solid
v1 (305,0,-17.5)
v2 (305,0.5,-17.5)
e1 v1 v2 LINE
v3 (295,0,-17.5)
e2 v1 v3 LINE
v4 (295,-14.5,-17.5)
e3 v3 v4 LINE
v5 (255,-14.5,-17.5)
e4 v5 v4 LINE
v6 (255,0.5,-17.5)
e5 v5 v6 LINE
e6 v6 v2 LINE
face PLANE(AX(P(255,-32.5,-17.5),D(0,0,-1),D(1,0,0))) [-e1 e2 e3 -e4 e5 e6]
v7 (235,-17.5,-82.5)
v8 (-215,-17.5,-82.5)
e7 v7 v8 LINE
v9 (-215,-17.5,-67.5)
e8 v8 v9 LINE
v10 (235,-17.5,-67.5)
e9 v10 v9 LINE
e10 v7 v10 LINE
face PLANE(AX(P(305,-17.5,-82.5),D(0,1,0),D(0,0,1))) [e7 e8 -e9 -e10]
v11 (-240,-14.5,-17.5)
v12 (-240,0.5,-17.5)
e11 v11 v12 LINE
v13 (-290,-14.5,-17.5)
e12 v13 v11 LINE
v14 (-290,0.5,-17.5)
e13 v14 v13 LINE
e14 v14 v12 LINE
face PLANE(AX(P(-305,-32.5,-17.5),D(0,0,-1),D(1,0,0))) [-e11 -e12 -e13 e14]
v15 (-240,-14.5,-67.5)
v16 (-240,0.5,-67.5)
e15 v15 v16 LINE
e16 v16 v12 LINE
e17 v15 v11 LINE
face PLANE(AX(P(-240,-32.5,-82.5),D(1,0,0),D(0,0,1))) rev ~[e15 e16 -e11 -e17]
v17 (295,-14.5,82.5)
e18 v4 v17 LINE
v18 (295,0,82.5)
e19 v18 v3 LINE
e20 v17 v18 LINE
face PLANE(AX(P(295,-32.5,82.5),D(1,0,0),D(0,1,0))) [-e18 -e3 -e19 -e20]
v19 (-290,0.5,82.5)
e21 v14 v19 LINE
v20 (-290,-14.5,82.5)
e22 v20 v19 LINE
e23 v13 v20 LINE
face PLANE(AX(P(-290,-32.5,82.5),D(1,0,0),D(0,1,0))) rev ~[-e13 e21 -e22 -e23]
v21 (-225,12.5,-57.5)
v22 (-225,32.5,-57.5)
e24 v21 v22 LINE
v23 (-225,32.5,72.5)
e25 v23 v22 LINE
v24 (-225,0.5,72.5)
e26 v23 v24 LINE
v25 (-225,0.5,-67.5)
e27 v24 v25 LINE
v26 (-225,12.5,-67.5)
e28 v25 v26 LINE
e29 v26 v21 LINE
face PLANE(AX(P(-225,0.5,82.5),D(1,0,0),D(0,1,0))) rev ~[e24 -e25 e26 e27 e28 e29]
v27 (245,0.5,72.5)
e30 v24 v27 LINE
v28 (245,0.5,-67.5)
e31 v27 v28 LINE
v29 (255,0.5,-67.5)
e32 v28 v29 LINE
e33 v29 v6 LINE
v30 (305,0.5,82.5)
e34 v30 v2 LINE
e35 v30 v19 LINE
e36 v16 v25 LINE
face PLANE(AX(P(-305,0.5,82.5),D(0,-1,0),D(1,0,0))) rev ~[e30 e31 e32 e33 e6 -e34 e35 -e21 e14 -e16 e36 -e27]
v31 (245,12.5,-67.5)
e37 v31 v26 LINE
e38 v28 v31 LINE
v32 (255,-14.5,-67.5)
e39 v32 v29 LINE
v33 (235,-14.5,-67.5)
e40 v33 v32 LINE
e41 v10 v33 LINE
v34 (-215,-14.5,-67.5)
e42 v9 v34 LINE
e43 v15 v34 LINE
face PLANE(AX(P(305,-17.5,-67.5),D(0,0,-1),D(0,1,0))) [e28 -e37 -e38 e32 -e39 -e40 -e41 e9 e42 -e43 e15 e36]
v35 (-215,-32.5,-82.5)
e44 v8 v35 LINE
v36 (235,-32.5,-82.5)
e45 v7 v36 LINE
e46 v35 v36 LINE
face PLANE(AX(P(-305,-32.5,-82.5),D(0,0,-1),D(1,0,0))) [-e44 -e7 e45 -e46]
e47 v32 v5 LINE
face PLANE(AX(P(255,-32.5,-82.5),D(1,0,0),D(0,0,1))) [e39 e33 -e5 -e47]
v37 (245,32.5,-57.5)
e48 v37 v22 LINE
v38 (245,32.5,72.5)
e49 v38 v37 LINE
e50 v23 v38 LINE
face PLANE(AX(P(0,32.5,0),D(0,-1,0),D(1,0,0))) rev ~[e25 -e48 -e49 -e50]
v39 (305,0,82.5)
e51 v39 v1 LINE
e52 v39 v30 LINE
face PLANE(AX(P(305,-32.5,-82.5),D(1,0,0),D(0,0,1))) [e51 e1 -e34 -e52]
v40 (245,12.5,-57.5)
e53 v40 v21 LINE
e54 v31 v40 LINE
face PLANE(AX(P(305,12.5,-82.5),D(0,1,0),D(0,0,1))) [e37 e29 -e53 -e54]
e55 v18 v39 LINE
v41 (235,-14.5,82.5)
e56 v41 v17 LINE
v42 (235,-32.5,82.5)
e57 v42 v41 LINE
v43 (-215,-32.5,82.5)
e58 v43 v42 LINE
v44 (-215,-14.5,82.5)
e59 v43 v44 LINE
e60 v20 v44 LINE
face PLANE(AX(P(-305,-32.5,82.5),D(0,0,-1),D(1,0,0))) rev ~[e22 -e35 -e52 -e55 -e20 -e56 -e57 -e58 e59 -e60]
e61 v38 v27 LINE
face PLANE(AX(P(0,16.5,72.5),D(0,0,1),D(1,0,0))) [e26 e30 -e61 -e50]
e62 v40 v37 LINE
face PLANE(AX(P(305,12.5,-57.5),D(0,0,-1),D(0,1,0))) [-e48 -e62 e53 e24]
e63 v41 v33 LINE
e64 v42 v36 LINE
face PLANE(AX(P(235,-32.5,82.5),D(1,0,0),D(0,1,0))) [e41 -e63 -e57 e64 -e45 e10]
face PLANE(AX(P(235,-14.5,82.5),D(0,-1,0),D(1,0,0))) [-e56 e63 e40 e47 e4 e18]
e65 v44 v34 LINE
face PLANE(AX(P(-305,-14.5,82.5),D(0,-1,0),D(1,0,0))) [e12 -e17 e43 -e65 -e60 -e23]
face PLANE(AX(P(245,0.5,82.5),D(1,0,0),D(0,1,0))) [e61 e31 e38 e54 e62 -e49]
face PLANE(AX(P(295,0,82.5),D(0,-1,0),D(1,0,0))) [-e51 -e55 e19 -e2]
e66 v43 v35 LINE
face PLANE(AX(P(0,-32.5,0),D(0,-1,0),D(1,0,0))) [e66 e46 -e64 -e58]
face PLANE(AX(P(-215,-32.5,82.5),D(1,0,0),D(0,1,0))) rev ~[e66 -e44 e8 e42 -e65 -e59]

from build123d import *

# Parameters (mm, degrees)
SKETCH053_W     = 610
SKETCH053_H     = 165
PAD005_DEPTH    = 65
SKETCH054_W     = 60
SKETCH054_H     = 32
SKETCH054_W_2   = 70
SKETCH054_H_2   = 18
POCKET047_DEPTH = 165.001
SKETCH055_W     = 80
SKETCH055_H     = 32
SKETCH055_W_2   = 90
SKETCH055_H_2   = 18
POCKET048_DEPTH = 165.001
SKETCH056_W     = 50
SKETCH056_H     = 65
POCKET049_DEPTH = 65.001
SKETCH057_W     = 65
SKETCH057_H     = 65
POCKET050_DEPTH = 65.001
SKETCH059_W     = 610
SKETCH059_H     = 32
POCKET052_DEPTH = 10
SKETCH060_W     = 20
SKETCH060_H     = 25
POCKET053_DEPTH = 610.001
SKETCH061_W     = 50
SKETCH061_H     = 15
POCKET054_DEPTH = 610.001
SKETCH062_W     = 15
SKETCH062_H     = 65
POCKET055_DEPTH = 165.001
SKETCH063_W     = 10
SKETCH063_H     = 32.5
POCKET056_DEPTH = 165.001


with BuildPart() as part:
    # Sketch053 (on DatumPlane) → Pad005 (new body)
    with BuildSketch(Plane.XZ.offset(32.5)):
        Rectangle(SKETCH053_W, SKETCH053_H)
    extrude(amount=-PAD005_DEPTH)

    # Sketch054 (on DatumPlane) → Pocket047 (cut, through all)
    with BuildSketch(Plane.XY.offset(82.5)):
        with Locations((275, 16.5)):
            Rectangle(SKETCH054_W, SKETCH054_H)
        with Locations((270, -23.5)):
            Rectangle(SKETCH054_W_2, SKETCH054_H_2)
    extrude(amount=-POCKET047_DEPTH, mode=Mode.SUBTRACT)

    # Sketch055 (on DatumPlane) → Pocket048 (cut, through all)
    with BuildSketch(Plane.XY.offset(82.5)):
        with Locations((-265, 16.5)):
            Rectangle(SKETCH055_W, SKETCH055_H)
        with Locations((-260, -23.5)):
            Rectangle(SKETCH055_W_2, SKETCH055_H_2)
    extrude(amount=-POCKET048_DEPTH, mode=Mode.SUBTRACT)

    # Sketch056 (on DatumPlane) → Pocket049 (cut, through all)
    with BuildSketch(Plane.XZ.offset(32.5)):
        with Locations((280, -50)):
            Rectangle(SKETCH056_W, SKETCH056_H)
    extrude(amount=-POCKET049_DEPTH, mode=Mode.SUBTRACT)

    # Sketch057 (on DatumPlane) → Pocket050 (cut, through all)
    with BuildSketch(Plane.XZ.offset(32.5)):
        with Locations((-272.5, -50)):
            Rectangle(SKETCH057_W, SKETCH057_H)
    extrude(amount=-POCKET050_DEPTH, mode=Mode.SUBTRACT)

    # Sketch059 (on DatumPlane) → Pocket052 (cut)
    with BuildSketch(Plane.XY.offset(82.5)):
        with Locations((0, 16.5)):
            Rectangle(SKETCH059_W, SKETCH059_H)
    extrude(amount=-POCKET052_DEPTH, mode=Mode.SUBTRACT)

    # Sketch060 (on DatumPlane) → Pocket053 (cut, through all)
    with BuildSketch(Plane.YZ.offset(305)):
        with Locations((22.5, -70)):
            Rectangle(SKETCH060_W, SKETCH060_H)
    extrude(amount=-POCKET053_DEPTH, mode=Mode.SUBTRACT)

    # Sketch061 (on DatumPlane) → Pocket054 (cut, through all)
    with BuildSketch(Plane.YZ.offset(305)):
        with Locations((7.5, -75)):
            Rectangle(SKETCH061_W, SKETCH061_H)
    extrude(amount=-POCKET054_DEPTH, mode=Mode.SUBTRACT)

    # Sketch062 (on DatumPlane) → Pocket055 (cut, through all)
    with BuildSketch(Plane.XY.offset(82.5)):
        with Locations((-297.5, 0)):
            Rectangle(SKETCH062_W, SKETCH062_H)
    extrude(amount=-POCKET055_DEPTH, mode=Mode.SUBTRACT)

    # Sketch063 (on DatumPlane) → Pocket056 (cut, through all)
    with BuildSketch(Plane.XY.offset(82.5)):
        with Locations((300, -16.25)):
            Rectangle(SKETCH063_W, SKETCH063_H)
    extrude(amount=-POCKET056_DEPTH, mode=Mode.SUBTRACT)


solid = part.part
